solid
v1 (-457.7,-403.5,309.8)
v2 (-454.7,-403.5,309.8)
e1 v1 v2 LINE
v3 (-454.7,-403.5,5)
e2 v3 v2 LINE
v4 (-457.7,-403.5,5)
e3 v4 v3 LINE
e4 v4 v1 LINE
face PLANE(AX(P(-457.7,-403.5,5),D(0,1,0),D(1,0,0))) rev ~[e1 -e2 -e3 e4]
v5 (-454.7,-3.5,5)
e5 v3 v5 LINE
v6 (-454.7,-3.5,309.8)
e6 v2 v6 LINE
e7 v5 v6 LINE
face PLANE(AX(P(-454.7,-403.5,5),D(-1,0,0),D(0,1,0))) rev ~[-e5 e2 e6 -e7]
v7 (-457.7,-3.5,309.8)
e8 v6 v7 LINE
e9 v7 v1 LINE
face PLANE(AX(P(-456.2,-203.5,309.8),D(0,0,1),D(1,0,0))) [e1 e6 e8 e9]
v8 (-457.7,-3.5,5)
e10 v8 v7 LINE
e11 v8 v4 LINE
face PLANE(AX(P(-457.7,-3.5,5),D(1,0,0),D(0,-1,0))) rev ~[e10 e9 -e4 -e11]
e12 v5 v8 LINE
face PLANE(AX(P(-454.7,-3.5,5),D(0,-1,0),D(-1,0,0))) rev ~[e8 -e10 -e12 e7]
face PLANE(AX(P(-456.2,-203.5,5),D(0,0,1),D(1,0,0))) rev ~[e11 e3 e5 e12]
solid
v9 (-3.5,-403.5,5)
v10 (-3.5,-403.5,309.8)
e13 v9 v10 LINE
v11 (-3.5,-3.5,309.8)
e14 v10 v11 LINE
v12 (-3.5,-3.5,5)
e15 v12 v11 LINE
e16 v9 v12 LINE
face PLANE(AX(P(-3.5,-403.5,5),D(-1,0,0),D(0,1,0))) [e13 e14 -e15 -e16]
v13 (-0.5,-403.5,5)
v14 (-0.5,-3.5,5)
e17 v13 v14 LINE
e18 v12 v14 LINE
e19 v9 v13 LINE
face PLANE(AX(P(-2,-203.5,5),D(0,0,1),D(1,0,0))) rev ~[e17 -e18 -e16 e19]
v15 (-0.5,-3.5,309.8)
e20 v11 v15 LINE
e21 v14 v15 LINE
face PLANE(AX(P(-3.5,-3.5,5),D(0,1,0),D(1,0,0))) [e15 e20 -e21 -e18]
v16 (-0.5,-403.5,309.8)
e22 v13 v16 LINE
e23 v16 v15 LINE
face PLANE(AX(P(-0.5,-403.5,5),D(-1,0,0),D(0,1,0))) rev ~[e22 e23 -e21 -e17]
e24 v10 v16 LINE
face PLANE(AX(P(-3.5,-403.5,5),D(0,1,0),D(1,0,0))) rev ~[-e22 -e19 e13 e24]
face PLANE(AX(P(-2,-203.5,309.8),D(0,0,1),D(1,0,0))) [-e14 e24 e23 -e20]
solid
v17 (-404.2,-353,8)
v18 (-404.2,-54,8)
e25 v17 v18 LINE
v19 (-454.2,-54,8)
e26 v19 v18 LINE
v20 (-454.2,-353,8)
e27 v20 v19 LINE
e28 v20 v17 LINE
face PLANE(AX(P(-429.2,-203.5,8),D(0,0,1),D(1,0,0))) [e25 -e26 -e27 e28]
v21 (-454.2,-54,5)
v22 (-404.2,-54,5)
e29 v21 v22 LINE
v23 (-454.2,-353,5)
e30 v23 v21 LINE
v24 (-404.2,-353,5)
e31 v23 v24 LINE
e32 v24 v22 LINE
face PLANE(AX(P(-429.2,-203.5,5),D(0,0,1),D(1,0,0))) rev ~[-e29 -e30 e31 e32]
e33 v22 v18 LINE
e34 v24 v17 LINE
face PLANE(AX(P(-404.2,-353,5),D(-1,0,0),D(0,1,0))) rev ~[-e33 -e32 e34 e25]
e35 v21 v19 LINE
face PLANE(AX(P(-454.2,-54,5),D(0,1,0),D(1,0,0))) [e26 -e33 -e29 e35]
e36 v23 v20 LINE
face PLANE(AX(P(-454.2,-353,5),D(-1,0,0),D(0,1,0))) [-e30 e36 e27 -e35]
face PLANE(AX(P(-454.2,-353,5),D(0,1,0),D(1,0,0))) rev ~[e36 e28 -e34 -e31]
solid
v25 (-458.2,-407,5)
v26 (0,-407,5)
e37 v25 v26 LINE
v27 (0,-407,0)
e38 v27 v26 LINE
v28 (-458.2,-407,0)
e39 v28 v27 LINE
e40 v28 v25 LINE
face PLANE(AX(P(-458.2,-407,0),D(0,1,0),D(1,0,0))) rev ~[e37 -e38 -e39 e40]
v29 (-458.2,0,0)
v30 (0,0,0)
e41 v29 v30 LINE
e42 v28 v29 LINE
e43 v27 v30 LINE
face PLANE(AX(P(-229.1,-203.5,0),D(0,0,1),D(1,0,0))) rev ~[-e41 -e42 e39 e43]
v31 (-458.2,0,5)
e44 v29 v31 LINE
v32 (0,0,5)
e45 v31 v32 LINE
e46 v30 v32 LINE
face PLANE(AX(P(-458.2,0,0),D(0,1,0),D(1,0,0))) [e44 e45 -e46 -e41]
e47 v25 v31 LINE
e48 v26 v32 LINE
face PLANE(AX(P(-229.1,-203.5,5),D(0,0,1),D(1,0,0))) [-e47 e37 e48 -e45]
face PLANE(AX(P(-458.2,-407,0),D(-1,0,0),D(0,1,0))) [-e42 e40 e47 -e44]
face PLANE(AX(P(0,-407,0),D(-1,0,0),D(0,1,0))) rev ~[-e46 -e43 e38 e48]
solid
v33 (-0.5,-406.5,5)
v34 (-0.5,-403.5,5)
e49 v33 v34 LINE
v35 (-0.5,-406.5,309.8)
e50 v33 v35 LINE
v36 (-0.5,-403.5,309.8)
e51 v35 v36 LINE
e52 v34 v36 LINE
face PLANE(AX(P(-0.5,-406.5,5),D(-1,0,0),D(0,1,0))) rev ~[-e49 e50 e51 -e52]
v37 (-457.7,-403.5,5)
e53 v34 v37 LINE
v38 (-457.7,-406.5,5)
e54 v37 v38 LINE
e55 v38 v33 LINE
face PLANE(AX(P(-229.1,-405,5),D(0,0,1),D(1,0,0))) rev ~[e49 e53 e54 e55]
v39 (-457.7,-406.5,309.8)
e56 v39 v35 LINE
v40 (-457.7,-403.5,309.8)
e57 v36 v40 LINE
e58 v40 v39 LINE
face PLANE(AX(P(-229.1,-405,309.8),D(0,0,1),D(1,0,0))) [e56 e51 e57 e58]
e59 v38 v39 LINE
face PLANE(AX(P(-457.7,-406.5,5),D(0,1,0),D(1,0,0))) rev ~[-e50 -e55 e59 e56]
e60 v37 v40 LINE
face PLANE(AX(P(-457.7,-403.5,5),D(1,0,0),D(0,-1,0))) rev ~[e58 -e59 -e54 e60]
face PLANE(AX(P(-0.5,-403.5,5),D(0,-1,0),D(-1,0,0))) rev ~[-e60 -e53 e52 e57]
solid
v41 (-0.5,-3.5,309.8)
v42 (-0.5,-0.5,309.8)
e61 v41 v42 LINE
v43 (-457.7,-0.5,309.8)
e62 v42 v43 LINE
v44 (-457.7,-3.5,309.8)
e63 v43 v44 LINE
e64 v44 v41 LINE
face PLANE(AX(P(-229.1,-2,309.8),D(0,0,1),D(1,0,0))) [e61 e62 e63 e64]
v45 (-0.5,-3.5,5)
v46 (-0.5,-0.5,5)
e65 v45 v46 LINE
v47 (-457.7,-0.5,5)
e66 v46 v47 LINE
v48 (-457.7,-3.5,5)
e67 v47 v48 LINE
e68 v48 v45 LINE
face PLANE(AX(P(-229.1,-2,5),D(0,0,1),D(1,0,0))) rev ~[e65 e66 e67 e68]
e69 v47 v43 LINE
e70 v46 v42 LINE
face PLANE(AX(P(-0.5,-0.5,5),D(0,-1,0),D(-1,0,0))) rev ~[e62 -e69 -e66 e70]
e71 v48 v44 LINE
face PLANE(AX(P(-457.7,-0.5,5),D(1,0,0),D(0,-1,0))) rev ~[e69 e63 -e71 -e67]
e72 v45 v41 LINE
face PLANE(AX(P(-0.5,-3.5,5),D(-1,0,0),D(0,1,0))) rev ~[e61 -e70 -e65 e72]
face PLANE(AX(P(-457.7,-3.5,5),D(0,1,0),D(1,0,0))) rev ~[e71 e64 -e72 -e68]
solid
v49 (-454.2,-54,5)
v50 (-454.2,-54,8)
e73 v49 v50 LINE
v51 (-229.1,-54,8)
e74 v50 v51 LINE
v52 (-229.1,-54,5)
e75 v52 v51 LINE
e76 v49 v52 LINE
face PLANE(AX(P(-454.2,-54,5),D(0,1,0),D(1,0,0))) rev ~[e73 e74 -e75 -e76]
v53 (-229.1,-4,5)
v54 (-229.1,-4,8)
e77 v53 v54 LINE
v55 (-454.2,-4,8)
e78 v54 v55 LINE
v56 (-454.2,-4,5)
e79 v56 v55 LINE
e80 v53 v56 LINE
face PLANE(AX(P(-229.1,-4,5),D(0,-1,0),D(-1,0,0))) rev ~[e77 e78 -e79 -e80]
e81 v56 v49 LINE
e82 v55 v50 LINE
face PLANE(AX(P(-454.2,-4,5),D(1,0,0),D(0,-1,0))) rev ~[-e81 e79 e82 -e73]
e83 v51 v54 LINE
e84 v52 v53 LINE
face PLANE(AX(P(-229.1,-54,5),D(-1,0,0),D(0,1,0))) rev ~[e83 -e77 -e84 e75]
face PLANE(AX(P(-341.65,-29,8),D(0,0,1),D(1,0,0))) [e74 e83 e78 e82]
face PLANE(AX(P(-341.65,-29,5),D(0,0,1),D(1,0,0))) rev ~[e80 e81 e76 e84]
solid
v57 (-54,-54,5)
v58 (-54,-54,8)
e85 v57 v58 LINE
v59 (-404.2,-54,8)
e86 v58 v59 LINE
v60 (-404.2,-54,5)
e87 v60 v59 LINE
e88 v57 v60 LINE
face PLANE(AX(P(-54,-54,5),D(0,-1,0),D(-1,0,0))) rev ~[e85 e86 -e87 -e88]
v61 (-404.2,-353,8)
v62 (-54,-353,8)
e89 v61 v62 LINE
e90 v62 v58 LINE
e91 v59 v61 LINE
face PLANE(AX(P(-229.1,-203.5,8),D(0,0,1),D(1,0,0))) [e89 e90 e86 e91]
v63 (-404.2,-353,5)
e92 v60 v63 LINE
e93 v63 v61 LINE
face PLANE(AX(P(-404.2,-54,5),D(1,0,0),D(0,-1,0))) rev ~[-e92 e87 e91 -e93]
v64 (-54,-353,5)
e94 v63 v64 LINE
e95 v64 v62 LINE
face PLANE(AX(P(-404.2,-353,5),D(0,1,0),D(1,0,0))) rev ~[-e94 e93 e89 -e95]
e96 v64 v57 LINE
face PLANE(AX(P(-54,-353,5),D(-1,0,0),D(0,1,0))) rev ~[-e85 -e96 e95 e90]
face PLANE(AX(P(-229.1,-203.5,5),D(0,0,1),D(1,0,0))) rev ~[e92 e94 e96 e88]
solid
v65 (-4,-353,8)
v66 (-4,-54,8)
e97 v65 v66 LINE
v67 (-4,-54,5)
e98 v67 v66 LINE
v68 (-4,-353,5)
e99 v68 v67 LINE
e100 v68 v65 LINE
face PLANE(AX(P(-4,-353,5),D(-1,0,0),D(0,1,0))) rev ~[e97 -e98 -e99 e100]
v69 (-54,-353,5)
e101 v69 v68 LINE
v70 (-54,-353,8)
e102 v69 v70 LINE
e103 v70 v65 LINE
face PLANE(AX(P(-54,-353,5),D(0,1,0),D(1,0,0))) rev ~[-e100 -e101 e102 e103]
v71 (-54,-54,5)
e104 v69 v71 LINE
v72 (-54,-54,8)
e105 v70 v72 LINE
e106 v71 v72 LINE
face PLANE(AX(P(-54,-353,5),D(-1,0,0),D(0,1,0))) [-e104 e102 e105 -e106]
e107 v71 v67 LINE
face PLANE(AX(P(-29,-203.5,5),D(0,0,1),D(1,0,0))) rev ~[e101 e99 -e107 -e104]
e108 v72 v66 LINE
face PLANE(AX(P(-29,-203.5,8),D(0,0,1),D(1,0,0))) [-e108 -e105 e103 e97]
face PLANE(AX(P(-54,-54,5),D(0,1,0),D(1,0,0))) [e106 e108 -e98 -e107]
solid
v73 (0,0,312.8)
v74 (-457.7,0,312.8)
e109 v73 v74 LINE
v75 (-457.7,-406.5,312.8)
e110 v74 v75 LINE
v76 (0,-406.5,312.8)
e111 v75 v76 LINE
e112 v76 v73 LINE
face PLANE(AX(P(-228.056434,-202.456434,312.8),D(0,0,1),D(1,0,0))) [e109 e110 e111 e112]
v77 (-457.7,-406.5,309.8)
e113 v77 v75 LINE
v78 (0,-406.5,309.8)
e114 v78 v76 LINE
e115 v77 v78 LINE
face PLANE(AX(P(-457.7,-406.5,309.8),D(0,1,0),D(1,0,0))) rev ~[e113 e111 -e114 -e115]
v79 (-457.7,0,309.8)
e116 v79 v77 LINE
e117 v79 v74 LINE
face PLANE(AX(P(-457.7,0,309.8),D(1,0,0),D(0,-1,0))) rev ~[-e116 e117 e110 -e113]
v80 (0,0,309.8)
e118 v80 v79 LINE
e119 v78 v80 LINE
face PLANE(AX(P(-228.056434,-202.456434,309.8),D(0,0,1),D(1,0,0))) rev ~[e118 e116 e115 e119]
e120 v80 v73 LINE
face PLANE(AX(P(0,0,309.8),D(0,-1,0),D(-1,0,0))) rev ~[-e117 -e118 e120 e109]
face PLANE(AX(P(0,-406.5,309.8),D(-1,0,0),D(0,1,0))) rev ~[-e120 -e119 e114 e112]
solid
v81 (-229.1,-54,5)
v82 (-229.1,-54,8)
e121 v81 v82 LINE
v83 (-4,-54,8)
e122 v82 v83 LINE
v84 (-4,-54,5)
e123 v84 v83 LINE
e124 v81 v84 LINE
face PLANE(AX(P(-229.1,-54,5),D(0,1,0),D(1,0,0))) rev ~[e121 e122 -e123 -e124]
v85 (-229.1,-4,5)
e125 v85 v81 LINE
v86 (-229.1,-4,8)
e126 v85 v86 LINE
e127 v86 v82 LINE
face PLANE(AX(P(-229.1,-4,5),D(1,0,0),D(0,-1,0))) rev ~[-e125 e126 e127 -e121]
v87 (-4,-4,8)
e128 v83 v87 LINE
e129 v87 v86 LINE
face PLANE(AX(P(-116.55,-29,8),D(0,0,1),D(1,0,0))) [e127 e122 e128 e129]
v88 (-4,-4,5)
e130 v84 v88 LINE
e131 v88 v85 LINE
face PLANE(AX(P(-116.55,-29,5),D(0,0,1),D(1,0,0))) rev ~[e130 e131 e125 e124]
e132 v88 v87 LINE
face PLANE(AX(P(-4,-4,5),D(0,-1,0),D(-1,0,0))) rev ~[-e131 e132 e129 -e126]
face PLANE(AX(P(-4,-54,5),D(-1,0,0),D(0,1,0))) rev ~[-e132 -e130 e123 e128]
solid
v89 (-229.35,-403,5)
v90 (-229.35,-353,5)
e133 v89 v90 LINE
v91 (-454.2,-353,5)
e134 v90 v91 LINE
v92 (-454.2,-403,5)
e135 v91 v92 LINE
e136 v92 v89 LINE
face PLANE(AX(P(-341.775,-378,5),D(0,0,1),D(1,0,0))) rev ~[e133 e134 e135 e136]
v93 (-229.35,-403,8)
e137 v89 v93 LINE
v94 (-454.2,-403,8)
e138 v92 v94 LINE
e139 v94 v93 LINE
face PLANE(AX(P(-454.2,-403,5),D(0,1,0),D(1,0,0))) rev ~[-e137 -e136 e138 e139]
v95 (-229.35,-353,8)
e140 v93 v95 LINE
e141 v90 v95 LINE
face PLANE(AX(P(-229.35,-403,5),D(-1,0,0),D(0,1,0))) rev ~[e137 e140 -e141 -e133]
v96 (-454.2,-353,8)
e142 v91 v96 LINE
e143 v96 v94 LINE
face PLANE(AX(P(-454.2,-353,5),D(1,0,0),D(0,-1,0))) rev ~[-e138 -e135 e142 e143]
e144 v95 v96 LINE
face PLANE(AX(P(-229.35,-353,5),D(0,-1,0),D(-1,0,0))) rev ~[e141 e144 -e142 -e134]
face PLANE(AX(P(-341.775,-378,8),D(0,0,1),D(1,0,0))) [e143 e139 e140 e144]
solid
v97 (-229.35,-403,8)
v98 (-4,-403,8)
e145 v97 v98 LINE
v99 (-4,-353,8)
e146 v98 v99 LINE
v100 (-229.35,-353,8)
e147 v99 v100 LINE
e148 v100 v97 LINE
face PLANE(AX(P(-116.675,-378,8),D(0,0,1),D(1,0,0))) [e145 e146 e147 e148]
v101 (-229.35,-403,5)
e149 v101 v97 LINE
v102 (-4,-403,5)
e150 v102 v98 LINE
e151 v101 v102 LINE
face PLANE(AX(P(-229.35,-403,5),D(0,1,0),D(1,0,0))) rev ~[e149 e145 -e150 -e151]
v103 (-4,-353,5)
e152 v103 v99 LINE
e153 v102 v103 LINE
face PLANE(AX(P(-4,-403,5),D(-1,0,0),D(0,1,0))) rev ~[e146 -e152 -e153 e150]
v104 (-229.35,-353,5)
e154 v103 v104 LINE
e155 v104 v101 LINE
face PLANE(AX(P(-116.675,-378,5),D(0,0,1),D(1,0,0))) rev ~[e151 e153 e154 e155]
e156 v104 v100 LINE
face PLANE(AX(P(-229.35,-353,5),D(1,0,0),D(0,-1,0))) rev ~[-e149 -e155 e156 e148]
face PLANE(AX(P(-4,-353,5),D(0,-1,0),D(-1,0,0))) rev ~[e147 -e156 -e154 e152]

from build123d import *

# Parameters (mm, degrees)
F3_W      = 458.2
F3_H      = 407
F3_W_2    = 457.2
F3_H_2    = 406
F5_DEPTH  = 5
F7_DEPTH  = 304.8
F6_W      = 3
F6_H      = 400
F8_DEPTH  = 304.8
F9_DEPTH  = 3
F6_W_2    = 50
F6_H_2    = 299
F10_DEPTH = 3
F11_DEPTH = 3
F12_W     = 457.2
F12_H     = 3
F13_DEPTH = 3


with BuildPart() as f5:
    # F3 (on Top) → F5 (new body)
    with BuildSketch(Plane.XY):
        with Locations((-229.1, -203.5)):
            Rectangle(F3_W, F3_H)
        with Locations((-229.1, -203.5)):
            Rectangle(F3_W_2, F3_H_2, mode=Mode.SUBTRACT)
        with Locations((-229.1, -203.5)):
            Rectangle(F3_W_2, F3_H_2)
    extrude(amount=F5_DEPTH)


with BuildPart() as f7:
    # F6 (on face) → F7 (new body)
    with BuildSketch(Plane.XY.offset(5)):
        Polygon((-457.7, -3.5), (-457.7, -403.5), (-454.7, -403.5), (-454.7, -353), (-454.7, -3.5), align=None)
    extrude(amount=F7_DEPTH)


with BuildPart() as f7b:
    # F6 (on face) → F7, piece 2 (new body)
    with BuildSketch(Plane.XY.offset(5)):
        with Locations((-2, -203.5)):
            Rectangle(F6_W, F6_H)
    extrude(amount=F7_DEPTH)


with BuildPart() as f8:
    # F6 (on face) → F8 (new body)
    with BuildSketch(Plane.XY.offset(5)):
        Polygon((-457.7, -403.5), (-457.7, -406.5), (-0.5, -406.5), (-0.5, -403.5), (-3.5, -403.5), (-454.7, -403.5), align=None)
    extrude(amount=F8_DEPTH)


with BuildPart() as f8b:
    # F6 (on face) → F8, piece 2 (new body)
    with BuildSketch(Plane.XY.offset(5)):
        Polygon((-457.7, -0.5), (-457.7, -3.5), (-454.7, -3.5), (-3.5, -3.5), (-0.5, -3.5), (-0.5, -0.5), align=None)
    extrude(amount=F8_DEPTH)


with BuildPart() as f9:
    # F6 (on face) → F9 (new body)
    with BuildSketch(Plane.XY.offset(5)):
        Polygon((-229.35, -353), (-229.35, -403), (-4, -403), (-4, -353), (-54, -353), align=None)
    extrude(amount=F9_DEPTH)


with BuildPart() as f9b:
    # F6 (on face) → F9, piece 2 (new body)
    with BuildSketch(Plane.XY.offset(5)):
        Polygon((-4, -4), (-229.1, -4), (-229.1, -54), (-54, -54), (-4, -54), align=None)
    extrude(amount=F9_DEPTH)


with BuildPart() as f9c:
    # F6 (on face) → F9, piece 3 (new body)
    with BuildSketch(Plane.XY.offset(5)):
        with Locations((-429.2, -203.5)):
            Rectangle(F6_W_2, F6_H_2)
    extrude(amount=F9_DEPTH)


with BuildPart() as f10:
    # F6 (on face) → F10 (new body)
    with BuildSketch(Plane.XY.offset(5)):
        with Locations((-29, -203.5)):
            Rectangle(F6_W_2, F6_H_2)
    extrude(amount=F10_DEPTH)


with BuildPart() as f10b:
    # F6 (on face) → F10, piece 2 (new body)
    with BuildSketch(Plane.XY.offset(5)):
        Polygon((-404.2, -353), (-454.2, -353), (-454.2, -403), (-229.35, -403), (-229.35, -353), align=None)
    extrude(amount=F10_DEPTH)


with BuildPart() as f10c:
    # F6 (on face) → F10, piece 3 (new body)
    with BuildSketch(Plane.XY.offset(5)):
        Polygon((-454.2, -4), (-454.2, -54), (-404.2, -54), (-229.1, -54), (-229.1, -4), align=None)
    extrude(amount=F10_DEPTH)


with BuildPart() as f11:
    # F6 (on face) → F11 (new body)
    with BuildSketch(Plane.XY.offset(5)):
        Polygon((-404.2, -54), (-404.2, -353), (-229.35, -353), (-54, -353), (-54, -54), (-229.1, -54), align=None)
    extrude(amount=F11_DEPTH)


with BuildPart() as f13:
    # F12 (on face) → F13 (new body)
    with BuildSketch(Plane.XY.offset(309.8)):
        Polygon((-0.5, -403.5), (-0.5, -406.5), (0, -406.5), (0, 0), (-457.7, 0), (-457.7, -403.5), align=None)
        with Locations((-229.1, -405)):
            Rectangle(F12_W, F12_H)
    extrude(amount=F13_DEPTH)


solid = Compound([f5.part, f7.part, f7b.part, f8.part, f8b.part, f9.part, f9b.part, f9c.part, f10.part, f10b.part, f10c.part, f11.part, f13.part])
